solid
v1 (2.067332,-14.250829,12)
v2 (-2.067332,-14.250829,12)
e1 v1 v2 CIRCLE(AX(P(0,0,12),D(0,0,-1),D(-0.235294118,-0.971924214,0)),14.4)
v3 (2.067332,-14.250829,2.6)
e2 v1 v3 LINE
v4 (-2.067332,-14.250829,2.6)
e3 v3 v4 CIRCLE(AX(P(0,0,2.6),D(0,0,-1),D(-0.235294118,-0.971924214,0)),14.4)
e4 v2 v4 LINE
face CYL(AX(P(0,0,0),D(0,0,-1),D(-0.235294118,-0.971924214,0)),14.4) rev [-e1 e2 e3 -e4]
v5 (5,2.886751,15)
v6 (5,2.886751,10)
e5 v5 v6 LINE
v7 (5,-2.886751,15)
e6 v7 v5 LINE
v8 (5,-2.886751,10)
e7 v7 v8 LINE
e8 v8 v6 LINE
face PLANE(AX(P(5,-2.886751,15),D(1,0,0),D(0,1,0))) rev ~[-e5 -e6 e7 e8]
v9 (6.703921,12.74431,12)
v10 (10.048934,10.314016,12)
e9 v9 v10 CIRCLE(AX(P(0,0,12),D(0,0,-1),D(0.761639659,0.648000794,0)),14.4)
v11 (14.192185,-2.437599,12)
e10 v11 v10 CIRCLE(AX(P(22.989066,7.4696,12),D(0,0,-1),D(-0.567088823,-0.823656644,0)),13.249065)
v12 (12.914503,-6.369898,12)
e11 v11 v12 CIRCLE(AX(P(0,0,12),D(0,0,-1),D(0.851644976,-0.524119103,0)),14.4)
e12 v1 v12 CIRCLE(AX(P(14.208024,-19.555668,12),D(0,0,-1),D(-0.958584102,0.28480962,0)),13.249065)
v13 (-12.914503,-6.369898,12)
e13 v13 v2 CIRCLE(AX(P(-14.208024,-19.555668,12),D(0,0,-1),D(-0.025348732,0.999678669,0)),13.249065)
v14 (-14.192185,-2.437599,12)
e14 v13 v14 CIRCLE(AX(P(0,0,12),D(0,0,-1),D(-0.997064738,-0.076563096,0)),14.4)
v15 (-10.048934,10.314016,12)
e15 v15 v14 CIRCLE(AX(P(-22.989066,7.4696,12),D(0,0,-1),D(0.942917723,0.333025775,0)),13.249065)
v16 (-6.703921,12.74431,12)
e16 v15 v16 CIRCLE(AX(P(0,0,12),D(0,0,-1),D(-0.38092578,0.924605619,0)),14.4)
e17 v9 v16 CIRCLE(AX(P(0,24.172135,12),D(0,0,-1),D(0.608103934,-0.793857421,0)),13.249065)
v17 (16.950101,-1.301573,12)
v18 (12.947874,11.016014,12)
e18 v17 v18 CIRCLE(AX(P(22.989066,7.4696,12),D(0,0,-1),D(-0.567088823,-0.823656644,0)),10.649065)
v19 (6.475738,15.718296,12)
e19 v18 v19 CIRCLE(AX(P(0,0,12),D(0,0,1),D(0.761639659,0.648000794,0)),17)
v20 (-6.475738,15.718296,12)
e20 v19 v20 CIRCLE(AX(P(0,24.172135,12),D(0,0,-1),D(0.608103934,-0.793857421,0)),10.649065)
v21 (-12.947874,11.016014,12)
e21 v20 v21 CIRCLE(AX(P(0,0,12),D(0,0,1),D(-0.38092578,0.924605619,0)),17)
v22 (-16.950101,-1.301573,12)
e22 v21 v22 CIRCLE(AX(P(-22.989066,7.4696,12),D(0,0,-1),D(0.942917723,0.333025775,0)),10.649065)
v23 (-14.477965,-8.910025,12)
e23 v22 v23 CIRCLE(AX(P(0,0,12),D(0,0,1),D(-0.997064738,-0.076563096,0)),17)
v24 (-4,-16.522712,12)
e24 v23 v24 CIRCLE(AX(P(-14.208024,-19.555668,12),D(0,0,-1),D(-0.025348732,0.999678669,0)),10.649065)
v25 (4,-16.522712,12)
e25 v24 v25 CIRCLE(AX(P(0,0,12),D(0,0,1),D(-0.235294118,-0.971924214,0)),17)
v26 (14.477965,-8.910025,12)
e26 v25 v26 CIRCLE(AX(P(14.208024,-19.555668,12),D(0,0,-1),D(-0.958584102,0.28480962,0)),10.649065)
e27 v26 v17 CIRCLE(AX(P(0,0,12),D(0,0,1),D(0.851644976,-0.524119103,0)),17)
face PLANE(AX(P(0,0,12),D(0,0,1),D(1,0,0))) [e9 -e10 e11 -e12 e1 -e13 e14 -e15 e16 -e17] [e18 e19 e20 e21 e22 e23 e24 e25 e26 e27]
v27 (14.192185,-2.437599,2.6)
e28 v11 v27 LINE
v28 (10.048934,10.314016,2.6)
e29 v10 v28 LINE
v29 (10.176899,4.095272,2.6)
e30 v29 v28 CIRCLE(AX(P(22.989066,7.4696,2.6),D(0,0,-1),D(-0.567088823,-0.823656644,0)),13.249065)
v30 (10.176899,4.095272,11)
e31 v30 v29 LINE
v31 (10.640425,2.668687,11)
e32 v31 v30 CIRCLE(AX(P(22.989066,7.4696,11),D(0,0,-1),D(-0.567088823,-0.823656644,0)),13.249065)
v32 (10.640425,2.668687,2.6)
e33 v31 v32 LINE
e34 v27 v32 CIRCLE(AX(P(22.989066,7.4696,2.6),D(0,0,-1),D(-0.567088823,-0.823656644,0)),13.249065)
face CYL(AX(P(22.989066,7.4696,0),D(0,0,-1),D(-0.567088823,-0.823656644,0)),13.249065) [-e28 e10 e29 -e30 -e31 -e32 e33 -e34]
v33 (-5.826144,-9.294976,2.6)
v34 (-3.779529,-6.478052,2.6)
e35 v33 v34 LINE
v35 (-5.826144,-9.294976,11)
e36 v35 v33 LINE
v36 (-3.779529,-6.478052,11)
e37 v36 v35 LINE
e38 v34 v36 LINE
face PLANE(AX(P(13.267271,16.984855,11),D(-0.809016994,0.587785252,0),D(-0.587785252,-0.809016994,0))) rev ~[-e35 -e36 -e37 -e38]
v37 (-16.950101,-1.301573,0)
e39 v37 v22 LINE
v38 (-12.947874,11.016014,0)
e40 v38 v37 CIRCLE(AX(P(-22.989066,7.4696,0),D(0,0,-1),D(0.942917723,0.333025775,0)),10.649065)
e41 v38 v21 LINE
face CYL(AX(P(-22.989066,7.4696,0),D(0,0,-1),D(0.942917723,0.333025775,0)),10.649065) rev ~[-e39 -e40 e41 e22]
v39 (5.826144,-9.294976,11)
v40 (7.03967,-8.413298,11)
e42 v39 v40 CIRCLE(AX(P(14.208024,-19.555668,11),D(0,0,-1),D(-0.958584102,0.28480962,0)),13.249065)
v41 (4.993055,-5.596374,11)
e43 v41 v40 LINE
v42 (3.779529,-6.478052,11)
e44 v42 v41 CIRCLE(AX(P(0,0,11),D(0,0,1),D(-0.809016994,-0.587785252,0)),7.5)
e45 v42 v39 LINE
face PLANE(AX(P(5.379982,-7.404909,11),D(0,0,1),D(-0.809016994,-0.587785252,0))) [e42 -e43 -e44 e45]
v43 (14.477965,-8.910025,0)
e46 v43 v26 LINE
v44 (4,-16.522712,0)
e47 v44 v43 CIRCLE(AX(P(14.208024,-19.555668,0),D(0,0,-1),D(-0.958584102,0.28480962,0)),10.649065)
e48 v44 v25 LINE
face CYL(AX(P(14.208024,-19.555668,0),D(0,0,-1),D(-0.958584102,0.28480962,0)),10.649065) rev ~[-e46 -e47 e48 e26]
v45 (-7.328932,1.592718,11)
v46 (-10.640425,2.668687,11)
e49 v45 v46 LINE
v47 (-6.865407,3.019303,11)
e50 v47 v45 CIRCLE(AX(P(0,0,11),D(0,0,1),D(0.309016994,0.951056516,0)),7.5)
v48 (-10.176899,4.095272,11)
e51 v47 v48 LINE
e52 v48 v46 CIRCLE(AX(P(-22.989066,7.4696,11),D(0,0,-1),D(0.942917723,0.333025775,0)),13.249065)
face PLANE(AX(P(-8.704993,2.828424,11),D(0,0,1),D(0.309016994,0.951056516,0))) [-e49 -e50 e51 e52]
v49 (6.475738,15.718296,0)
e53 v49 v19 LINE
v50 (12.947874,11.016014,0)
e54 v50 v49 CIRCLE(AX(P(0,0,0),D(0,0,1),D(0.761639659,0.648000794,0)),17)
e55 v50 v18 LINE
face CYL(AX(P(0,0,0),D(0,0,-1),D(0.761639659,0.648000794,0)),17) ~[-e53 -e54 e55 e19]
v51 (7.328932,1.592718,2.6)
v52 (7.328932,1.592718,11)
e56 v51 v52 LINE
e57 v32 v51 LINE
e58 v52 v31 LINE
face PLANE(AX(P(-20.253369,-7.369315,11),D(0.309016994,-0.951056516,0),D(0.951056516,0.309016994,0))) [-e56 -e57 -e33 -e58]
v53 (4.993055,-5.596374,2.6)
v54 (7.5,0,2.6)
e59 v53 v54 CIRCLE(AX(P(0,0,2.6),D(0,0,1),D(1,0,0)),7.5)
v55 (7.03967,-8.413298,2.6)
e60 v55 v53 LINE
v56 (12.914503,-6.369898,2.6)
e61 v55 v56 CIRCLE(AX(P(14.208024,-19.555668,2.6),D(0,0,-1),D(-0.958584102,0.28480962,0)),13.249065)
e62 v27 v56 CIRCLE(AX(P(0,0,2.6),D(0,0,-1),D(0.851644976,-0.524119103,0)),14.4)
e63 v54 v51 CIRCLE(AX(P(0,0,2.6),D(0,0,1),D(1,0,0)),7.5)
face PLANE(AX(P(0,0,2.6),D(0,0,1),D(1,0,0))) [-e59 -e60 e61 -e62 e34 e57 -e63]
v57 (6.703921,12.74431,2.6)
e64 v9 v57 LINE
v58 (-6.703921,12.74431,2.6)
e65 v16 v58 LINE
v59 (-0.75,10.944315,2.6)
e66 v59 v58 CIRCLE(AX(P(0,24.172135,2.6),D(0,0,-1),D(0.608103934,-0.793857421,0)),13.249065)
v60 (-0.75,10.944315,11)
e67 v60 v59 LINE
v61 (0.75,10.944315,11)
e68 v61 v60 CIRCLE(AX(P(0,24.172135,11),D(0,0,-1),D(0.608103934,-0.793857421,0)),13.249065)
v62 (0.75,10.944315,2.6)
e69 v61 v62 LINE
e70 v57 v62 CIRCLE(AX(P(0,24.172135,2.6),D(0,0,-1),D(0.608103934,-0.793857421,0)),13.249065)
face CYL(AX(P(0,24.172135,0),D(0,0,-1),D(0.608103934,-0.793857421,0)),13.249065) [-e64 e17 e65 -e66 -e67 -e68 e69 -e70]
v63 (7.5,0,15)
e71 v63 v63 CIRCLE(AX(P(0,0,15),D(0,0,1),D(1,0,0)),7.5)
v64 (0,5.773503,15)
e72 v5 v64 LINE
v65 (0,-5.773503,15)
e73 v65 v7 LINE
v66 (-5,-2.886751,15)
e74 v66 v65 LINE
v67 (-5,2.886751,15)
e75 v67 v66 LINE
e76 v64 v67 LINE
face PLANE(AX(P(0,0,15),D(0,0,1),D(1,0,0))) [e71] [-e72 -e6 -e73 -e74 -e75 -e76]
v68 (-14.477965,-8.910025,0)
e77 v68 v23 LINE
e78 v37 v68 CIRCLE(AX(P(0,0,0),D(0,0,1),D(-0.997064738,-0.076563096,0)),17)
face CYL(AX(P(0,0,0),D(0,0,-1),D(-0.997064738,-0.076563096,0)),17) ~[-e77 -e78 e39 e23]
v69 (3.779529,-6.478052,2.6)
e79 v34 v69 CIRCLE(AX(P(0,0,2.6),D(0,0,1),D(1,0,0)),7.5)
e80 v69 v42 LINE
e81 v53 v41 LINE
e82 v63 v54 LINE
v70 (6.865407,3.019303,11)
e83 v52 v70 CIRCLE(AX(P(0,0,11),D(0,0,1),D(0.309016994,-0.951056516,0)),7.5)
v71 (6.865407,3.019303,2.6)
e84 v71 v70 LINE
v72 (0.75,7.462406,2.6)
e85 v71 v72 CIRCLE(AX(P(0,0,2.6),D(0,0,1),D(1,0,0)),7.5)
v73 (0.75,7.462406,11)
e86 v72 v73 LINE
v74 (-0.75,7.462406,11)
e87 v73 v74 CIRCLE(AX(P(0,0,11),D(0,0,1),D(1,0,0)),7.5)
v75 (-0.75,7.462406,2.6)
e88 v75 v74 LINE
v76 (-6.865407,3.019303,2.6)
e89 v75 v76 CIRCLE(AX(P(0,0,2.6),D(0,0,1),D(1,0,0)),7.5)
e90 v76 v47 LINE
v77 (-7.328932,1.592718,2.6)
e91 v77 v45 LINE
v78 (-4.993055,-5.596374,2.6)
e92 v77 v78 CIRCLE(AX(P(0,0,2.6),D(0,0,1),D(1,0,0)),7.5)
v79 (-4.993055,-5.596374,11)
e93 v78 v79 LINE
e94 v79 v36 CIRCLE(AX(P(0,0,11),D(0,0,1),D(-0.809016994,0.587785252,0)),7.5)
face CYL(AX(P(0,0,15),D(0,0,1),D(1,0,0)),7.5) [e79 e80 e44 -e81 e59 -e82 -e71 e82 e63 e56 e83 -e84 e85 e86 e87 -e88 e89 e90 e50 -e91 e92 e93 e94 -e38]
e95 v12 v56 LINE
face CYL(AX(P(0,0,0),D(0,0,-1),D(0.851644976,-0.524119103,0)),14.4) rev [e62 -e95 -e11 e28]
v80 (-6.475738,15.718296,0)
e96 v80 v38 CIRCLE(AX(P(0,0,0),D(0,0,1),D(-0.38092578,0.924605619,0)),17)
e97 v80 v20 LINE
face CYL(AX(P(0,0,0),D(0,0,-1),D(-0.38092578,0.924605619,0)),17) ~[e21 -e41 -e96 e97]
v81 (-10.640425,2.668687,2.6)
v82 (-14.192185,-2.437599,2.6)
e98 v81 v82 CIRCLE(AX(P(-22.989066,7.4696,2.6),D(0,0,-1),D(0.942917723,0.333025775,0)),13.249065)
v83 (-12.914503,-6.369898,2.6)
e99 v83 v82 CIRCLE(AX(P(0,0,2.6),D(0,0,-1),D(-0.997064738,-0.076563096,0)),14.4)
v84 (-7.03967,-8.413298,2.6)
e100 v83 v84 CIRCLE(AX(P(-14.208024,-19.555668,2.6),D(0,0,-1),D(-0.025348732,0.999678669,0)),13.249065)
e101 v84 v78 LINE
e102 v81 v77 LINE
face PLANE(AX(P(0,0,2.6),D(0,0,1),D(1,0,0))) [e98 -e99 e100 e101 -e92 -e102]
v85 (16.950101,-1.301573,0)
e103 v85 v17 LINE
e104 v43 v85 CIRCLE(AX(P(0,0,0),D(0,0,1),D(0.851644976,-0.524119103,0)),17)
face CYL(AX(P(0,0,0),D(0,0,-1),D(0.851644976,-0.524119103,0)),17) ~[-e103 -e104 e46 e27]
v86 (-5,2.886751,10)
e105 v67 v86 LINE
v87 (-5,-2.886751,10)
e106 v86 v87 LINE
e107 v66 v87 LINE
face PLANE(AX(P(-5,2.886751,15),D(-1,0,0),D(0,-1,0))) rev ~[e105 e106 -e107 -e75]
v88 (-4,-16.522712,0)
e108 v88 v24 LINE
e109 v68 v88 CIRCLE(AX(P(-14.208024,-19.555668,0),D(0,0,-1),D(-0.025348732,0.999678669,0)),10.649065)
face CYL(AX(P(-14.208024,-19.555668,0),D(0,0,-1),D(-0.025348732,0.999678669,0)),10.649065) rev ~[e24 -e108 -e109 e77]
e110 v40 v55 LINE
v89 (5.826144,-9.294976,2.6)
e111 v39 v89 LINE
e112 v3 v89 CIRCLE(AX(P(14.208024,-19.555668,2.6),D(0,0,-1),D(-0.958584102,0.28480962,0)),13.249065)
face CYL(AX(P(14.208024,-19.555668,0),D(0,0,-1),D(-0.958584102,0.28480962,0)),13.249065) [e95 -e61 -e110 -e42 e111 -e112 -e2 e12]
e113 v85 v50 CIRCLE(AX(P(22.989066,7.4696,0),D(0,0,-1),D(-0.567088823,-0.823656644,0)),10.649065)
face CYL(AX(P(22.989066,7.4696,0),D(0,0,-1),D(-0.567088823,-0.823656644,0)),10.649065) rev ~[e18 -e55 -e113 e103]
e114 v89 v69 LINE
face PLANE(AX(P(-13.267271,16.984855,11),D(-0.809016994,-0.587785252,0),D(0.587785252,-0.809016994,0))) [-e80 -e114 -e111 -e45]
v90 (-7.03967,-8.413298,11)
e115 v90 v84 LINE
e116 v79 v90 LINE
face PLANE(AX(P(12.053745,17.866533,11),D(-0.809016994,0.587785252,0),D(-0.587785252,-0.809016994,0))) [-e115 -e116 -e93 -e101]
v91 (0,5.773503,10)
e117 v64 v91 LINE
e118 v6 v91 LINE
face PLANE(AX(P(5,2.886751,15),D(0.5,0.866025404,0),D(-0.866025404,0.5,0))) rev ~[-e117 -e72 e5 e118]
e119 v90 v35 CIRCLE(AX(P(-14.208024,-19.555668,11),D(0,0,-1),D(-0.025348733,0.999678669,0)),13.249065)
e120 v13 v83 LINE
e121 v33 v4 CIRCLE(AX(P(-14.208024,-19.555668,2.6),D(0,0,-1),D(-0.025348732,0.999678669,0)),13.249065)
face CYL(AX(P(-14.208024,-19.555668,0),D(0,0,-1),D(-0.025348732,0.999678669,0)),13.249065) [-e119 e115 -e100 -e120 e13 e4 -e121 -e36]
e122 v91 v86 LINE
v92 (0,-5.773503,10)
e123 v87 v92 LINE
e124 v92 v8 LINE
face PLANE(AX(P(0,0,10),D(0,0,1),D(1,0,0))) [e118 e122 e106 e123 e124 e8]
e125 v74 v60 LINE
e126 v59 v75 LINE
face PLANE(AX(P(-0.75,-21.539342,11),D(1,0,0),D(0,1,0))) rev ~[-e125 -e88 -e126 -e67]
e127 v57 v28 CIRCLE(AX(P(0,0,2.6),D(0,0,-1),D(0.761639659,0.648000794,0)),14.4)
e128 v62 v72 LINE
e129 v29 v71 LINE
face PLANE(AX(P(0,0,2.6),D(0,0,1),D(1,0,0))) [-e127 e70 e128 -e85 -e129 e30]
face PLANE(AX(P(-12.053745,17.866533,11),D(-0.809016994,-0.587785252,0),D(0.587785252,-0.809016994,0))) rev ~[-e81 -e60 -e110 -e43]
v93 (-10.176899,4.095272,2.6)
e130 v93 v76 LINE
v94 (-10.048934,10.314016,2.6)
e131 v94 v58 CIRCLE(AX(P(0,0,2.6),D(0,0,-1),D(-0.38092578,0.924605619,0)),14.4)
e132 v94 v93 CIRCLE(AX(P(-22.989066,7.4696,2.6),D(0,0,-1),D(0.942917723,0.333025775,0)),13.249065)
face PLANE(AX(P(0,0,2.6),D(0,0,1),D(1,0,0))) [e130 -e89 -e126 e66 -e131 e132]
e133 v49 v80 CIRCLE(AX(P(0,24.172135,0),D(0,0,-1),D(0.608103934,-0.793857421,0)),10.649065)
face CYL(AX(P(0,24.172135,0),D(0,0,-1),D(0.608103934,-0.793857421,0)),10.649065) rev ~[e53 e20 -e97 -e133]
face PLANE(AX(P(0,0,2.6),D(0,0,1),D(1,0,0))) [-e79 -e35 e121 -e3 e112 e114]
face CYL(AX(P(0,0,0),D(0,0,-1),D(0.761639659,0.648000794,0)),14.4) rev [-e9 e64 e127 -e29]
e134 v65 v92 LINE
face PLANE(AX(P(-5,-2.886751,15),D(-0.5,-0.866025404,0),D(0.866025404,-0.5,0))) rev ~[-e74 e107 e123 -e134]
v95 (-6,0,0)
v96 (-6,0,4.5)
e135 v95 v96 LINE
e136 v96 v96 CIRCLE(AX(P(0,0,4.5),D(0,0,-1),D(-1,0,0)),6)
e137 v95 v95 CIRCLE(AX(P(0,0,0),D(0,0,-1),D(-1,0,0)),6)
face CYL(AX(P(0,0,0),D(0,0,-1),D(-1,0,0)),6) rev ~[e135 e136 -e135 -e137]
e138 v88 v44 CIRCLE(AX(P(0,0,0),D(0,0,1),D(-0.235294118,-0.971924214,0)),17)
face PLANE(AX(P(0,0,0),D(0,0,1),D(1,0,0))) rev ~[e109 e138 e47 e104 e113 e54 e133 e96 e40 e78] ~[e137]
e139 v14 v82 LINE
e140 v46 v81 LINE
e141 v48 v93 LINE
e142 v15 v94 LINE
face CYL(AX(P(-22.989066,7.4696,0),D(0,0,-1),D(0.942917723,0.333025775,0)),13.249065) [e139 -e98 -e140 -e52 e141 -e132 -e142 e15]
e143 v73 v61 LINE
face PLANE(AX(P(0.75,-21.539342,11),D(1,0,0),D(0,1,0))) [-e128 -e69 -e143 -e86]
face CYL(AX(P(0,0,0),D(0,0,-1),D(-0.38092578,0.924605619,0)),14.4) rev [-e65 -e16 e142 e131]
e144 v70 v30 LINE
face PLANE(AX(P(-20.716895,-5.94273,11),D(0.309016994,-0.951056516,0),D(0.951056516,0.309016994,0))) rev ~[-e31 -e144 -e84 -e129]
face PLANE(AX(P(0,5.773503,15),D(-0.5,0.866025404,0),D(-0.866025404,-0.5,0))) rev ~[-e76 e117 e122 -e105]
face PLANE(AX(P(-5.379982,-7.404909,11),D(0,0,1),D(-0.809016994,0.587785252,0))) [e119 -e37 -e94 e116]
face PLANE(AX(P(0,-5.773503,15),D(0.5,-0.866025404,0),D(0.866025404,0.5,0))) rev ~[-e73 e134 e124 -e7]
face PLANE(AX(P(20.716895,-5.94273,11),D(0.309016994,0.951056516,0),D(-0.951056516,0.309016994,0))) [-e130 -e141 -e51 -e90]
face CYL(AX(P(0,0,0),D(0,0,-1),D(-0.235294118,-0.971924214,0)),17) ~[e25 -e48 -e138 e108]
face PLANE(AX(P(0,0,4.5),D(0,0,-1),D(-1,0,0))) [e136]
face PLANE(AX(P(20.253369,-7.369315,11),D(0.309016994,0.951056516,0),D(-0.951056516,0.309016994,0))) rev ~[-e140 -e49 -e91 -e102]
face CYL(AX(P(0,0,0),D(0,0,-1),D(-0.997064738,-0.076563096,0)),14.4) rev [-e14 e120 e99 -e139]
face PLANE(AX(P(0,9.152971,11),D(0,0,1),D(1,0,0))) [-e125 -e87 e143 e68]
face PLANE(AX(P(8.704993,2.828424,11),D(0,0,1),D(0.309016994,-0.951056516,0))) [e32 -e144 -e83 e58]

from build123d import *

# Parameters (mm, degrees)
BOSS_EXTRU_1_DEPTH           = 12
COQUE1_T                     = -2.6
ESQUISSE4_R                  = 7.5
BOSS_EXTRU_2_DEPTH           = 12.4
NERVURE1_REACH               = 28.407
ESQUISSE6_WALLS_W            = 1.5
ESQUISSE6_WALLS_H            = 61.384627196
R_P_TITION_CIRCULAIRE1_COUNT = 5
ESQUISSE7_R                  = 6
ENL_V_MAT_EXTRU_1_DEPTH      = 4.5
ENL_V_MAT_EXTRU_2_DEPTH      = 5


with BuildPart() as part:
    # Esquisse1 → Boss.-Extru.1 (new body)
    with BuildSketch(Plane.XY):
        with BuildLine():
            ThreePointArc((-6.475738253, 15.718295521), (-9.992349289, 13.753288904), (-12.947874208, 11.016013502))
            ThreePointArc((-12.947874208, 11.016013502), (-12.861203675, 4.178858391), (-16.950100551, -1.301572625))
            ThreePointArc((-16.950100551, -1.301572625), (-16.167960777, -5.253288904), (-14.477964596, -8.910024756))
            ThreePointArc((-14.477964596, -8.910024756), (-7.948661008, -10.940393303), (-4, -16.522711642))
            ThreePointArc((-4, -16.522711642), (0, -17), (4, -16.522711642))
            ThreePointArc((4, -16.522711642), (7.948661008, -10.940393303), (14.477964596, -8.910024756))
            ThreePointArc((14.477964596, -8.910024756), (16.167960777, -5.253288904), (16.950100551, -1.301572625))
            ThreePointArc((16.950100551, -1.301572625), (12.861203675, 4.178858391), (12.947874208, 11.016013502))
            ThreePointArc((12.947874208, 11.016013502), (9.992349289, 13.753288904), (6.475738253, 15.718295521))
            ThreePointArc((6.475738253, 15.718295521), (0, 13.523069823), (-6.475738253, 15.718295521))
        make_face()
    extrude(amount=BOSS_EXTRU_1_DEPTH)

    # Coque1
    coque1_openings = [part.faces().sort_by_distance(p)[0] for p in [
        (0, 0, 12),
    ]]
    offset(amount=COQUE1_T, openings=coque1_openings, kind=Kind.INTERSECTION)

    # Esquisse4 → Boss.-Extru.2 (add)
    with BuildSketch(Plane.XY.offset(15)):
        Circle(ESQUISSE4_R)
    extrude(amount=-BOSS_EXTRU_2_DEPTH)

    # Esquisse6 walls → Nervure1 (add, up to next)
    with BuildSketch(Plane.XY.offset(11), mode=Mode.PRIVATE) as nervure1_sk1:
        with Locations((0, 9.152971246)):
            Rectangle(ESQUISSE6_WALLS_W, ESQUISSE6_WALLS_H)
    nervure1_tool1 = extrude(nervure1_sk1.sketch, amount=-NERVURE1_REACH, mode=Mode.PRIVATE) - part.part
    nervure1 = nervure1_tool1.solids().sort_by_distance((0, 9.152971246, 11))[0]
    add(nervure1)

    # Répétition circulaire1: Nervure1 ×5 about axis
    r_p_tition_circulaire1_axis = Axis((0, 0, 0), (0, 0, 1))
    for i in range(1, R_P_TITION_CIRCULAIRE1_COUNT):
        add(nervure1.rotate(r_p_tition_circulaire1_axis, i * 360 / R_P_TITION_CIRCULAIRE1_COUNT))

    # Esquisse7 → Enlèv. mat.-Extru.1 (cut)
    with BuildSketch(Plane(origin=(0, 0, 0), x_dir=(-1, 0, 0), z_dir=(0, 0, -1))):
        Circle(ESQUISSE7_R)
    extrude(amount=-ENL_V_MAT_EXTRU_1_DEPTH, mode=Mode.SUBTRACT)

    # Esquisse8 → Enlèv. mat.-Extru.2 (cut)
    with BuildSketch(Plane.XY.offset(15)):
        Polygon((-5, 2.886751346), (-5, -2.886751346), (0, -5.773502692), (5, -2.886751346), (5, 2.886751346), (0, 5.773502692), align=None)
    extrude(amount=-ENL_V_MAT_EXTRU_2_DEPTH, mode=Mode.SUBTRACT)


solid = part.part
